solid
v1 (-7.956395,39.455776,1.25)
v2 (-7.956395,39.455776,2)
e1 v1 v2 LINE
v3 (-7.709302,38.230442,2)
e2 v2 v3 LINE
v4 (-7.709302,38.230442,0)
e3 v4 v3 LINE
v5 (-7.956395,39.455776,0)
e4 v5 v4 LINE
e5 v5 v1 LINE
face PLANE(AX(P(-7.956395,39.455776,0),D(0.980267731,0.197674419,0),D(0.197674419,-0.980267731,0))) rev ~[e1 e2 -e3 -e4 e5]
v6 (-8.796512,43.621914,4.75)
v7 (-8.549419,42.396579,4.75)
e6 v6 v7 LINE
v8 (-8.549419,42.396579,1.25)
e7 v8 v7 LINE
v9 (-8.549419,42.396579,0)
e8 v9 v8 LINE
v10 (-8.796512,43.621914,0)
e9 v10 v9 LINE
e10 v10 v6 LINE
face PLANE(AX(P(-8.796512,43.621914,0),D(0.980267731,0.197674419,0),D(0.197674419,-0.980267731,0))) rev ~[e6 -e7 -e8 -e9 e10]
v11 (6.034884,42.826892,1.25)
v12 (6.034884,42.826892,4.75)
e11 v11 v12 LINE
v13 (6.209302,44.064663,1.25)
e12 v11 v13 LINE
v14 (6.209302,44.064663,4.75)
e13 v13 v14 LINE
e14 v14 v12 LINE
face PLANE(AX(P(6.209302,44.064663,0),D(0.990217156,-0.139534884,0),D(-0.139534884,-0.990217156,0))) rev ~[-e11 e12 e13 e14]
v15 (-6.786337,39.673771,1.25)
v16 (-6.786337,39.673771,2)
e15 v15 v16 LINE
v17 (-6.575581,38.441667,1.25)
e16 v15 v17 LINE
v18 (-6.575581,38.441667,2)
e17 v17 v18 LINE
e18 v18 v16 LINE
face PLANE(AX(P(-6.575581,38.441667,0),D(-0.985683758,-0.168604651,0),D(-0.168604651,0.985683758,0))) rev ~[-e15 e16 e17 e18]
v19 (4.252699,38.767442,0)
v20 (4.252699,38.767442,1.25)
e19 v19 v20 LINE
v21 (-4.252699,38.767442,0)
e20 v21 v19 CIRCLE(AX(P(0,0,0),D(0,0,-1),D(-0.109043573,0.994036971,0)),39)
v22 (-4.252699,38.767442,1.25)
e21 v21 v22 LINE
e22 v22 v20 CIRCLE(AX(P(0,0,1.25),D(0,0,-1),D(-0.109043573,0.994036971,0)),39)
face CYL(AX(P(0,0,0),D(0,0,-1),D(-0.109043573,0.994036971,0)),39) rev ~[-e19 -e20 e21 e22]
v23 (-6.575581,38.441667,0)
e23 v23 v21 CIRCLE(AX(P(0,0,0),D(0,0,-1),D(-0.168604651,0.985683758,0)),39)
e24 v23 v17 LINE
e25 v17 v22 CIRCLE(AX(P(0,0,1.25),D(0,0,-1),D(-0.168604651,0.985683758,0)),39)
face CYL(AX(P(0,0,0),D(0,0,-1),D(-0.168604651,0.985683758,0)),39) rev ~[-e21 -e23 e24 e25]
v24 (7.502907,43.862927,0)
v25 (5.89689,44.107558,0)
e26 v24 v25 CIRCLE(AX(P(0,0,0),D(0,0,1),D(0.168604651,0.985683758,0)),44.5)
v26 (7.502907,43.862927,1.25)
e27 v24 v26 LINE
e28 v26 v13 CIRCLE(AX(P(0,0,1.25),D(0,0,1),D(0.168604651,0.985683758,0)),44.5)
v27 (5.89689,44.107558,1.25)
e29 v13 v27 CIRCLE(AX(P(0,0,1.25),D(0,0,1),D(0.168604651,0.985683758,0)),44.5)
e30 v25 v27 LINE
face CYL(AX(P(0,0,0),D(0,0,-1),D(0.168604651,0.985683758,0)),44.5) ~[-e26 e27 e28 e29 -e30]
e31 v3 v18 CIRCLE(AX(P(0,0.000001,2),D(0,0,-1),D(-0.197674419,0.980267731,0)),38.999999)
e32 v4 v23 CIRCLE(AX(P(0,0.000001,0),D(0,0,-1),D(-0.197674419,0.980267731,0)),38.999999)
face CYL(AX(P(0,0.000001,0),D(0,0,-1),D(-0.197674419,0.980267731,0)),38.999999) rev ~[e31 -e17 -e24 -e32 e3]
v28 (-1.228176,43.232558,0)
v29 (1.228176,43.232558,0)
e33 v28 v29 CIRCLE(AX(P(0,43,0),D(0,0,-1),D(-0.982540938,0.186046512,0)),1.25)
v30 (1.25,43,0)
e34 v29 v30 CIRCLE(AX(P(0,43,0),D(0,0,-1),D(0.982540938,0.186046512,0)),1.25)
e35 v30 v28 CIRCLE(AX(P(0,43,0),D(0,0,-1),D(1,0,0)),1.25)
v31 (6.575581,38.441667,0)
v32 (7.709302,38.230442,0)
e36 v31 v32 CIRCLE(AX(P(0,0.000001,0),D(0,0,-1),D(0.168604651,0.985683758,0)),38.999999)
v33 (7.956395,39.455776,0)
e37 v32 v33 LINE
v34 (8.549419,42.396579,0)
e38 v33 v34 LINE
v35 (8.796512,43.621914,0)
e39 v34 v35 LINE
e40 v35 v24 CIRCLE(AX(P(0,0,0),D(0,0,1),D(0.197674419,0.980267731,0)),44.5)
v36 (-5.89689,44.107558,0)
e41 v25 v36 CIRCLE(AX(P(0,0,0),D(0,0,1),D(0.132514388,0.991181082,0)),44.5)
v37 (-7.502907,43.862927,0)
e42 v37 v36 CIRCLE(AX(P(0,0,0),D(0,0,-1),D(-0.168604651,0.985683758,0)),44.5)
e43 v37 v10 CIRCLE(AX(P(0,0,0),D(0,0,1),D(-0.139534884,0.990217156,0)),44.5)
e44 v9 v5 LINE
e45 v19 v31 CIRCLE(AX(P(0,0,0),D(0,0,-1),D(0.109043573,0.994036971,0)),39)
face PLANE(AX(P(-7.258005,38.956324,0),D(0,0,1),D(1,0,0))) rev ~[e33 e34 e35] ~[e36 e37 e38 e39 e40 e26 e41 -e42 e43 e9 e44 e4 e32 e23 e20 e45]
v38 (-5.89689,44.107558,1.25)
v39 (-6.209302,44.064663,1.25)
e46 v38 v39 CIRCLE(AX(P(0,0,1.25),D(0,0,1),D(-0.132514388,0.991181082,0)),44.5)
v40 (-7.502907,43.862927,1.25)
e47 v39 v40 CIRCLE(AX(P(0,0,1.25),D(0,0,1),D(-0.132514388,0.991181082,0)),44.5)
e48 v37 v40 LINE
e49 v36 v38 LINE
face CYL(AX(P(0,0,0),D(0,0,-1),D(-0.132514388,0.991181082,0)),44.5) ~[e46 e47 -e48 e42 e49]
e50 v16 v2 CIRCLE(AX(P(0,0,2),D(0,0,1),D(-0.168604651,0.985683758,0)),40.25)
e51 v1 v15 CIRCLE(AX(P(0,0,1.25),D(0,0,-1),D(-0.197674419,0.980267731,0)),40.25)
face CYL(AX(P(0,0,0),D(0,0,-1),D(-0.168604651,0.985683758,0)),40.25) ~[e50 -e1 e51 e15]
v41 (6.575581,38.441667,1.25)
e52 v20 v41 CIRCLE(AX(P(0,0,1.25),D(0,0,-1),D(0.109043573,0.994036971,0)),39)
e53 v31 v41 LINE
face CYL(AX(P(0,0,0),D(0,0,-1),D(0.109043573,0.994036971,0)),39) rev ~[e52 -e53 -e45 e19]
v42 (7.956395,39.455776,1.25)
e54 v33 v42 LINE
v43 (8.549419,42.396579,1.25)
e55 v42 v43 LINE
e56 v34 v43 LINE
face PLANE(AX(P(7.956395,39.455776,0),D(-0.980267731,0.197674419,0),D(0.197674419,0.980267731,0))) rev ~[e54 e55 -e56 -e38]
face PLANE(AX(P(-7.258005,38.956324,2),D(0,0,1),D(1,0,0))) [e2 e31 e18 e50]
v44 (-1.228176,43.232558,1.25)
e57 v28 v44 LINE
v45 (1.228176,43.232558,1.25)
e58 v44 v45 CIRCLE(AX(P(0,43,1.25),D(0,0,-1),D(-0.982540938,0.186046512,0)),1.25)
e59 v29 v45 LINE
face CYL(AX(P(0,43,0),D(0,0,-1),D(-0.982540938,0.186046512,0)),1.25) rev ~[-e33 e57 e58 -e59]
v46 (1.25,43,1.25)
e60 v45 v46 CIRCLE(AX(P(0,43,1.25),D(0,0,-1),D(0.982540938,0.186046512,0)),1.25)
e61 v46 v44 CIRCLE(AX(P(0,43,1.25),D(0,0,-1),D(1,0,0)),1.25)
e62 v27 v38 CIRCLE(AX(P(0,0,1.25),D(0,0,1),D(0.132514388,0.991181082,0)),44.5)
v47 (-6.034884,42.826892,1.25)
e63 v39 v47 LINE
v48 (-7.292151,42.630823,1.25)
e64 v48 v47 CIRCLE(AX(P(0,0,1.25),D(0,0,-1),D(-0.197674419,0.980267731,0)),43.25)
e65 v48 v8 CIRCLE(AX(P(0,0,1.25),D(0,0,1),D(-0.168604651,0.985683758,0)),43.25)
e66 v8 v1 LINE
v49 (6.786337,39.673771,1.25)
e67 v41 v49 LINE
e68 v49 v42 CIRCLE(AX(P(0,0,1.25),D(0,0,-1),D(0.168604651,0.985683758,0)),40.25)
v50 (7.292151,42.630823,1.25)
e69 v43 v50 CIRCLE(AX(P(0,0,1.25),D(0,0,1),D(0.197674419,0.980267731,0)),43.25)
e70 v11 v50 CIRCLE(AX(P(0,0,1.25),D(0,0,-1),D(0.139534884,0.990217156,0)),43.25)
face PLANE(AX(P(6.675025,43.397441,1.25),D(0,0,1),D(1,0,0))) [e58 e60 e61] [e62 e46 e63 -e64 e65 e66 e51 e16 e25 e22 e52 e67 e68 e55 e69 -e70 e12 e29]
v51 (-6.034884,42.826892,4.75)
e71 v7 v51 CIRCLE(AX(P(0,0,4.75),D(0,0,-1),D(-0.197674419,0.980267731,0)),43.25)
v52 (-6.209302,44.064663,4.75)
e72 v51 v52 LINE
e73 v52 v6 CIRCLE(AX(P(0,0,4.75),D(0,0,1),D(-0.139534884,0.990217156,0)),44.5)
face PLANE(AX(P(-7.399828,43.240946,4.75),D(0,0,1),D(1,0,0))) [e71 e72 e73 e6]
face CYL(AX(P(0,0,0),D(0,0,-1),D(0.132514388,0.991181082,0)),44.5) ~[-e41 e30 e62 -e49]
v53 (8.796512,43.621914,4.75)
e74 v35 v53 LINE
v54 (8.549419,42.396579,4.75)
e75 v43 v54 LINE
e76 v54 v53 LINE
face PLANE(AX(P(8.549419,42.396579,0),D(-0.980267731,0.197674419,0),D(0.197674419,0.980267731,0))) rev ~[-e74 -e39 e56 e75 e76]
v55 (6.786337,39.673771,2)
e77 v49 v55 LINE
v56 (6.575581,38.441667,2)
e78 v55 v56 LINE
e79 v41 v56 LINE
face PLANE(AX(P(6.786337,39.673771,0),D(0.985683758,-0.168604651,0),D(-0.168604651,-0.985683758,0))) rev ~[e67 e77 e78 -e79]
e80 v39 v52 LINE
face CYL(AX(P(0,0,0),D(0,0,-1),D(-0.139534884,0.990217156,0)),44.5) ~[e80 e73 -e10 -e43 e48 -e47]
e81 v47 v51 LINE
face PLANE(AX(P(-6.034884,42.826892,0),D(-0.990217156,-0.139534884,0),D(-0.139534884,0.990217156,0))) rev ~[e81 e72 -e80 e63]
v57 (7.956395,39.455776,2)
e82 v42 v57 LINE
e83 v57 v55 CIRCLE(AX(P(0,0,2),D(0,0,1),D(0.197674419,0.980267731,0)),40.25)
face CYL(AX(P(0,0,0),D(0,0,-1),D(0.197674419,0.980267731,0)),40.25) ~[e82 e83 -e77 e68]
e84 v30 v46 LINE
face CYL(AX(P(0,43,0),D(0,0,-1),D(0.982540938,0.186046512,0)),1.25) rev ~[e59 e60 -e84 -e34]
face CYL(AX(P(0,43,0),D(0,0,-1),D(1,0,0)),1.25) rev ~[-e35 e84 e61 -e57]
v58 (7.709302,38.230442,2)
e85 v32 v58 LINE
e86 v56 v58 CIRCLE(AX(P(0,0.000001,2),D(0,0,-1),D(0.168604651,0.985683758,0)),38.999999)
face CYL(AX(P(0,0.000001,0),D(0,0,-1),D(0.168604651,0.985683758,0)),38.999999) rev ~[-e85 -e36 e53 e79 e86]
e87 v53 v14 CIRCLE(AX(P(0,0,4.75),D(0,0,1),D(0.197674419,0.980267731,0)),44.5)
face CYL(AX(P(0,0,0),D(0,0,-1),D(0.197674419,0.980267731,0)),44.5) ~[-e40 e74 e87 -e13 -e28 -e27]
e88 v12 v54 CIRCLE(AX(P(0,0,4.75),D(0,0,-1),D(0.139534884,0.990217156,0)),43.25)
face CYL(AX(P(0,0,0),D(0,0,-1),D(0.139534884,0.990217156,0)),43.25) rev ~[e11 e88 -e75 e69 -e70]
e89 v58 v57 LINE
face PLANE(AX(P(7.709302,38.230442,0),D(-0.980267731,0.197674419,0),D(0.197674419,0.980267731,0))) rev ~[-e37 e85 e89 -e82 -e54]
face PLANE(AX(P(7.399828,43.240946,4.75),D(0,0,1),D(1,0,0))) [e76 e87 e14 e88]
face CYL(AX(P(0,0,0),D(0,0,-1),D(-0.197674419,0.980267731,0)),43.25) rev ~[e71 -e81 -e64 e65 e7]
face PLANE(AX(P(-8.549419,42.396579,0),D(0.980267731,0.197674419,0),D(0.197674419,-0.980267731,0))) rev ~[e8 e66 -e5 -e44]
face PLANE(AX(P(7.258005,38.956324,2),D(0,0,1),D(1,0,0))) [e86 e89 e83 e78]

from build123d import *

# Parameters (mm, degrees)
F1_DEPTH = 1.25
F3_DEPTH = 4.75
F5_DEPTH = 2


with BuildPart() as f1:
    # F0 (on Top) → F1 (new body)
    with BuildSketch(Plane.XY):
        with BuildLine():
            ThreePointArc((5.9976509575, 42.832122093), (6.6456632834, 42.7363739632), (7.2921511628, 42.6308225515))
            Line((7.2921511628, 42.6308225515), (7.5029069767, 43.8629272495))
            ThreePointArc((7.5029069767, 43.8629272495), (6.7010150496, 43.9925720697), (5.8968902794, 44.1075581395))
            ThreePointArc((5.8968902794, 44.1075581395), (5.9741669577, 43.5561736795), (6, 43))
            ThreePointArc((6, 43), (5.9994127106, 42.9160528296), (5.9976509575, 42.832122093))
        make_face()
        with BuildLine():
            Line((-7.5029069767, 43.8629272495), (-7.2921511628, 42.6308225515))
            ThreePointArc((-7.2921511628, 42.6308225515), (-6.6456632834, 42.7363739632), (-5.9976509575, 42.832122093))
            ThreePointArc((-5.9976509575, 42.832122093), (-5.9813637313, 43.4725335051), (-5.8968902794, 44.1075581395))
            ThreePointArc((-5.8968902794, 44.1075581395), (-6.7010150496, 43.9925720697), (-7.5029069767, 43.8629272495))
        make_face()
        with BuildLine():
            ThreePointArc((1.2281761729, 43.2325581395), (3.6184570865, 43.0983673509), (5.9976509575, 42.832122093))
            ThreePointArc((5.9976509575, 42.832122093), (5.9994127106, 42.9160528296), (6, 43))
            ThreePointArc((6, 43), (5.9741669577, 43.5561736795), (5.8968902794, 44.1075581395))
            ThreePointArc((5.8968902794, 44.1075581395), (0, 44.5), (-5.8968902794, 44.1075581395))
            ThreePointArc((-5.8968902794, 44.1075581395), (-5.9813637313, 43.4725335051), (-5.9976509575, 42.832122093))
            ThreePointArc((-5.9976509575, 42.832122093), (-3.6184570865, 43.0983673509), (-1.2281761729, 43.2325581395))
            ThreePointArc((-1.2281761729, 43.2325581395), (0, 44.25), (1.2281761729, 43.2325581395))
        make_face()
        with BuildLine():
            ThreePointArc((5.1487358592, 39.9193313953), (5.9687994799, 39.804973719), (6.7863372093, 39.6737712763))
            Line((6.7863372093, 39.6737712763), (7.2921511628, 42.6308225515))
            ThreePointArc((7.2921511628, 42.6308225515), (6.6456632834, 42.7363739632), (5.9976509575, 42.832122093))
            ThreePointArc((5.9976509575, 42.832122093), (5.7603447969, 41.3211826125), (5.1487358592, 39.9193313953))
        make_face()
        with BuildLine():
            ThreePointArc((-5.1487358592, 39.9193313953), (0, 40.25), (5.1487358592, 39.9193313953))
            ThreePointArc((5.1487358592, 39.9193313953), (5.7603447969, 41.3211826125), (5.9976509575, 42.832122093))
            ThreePointArc((5.9976509575, 42.832122093), (3.6184570865, 43.0983673509), (1.2281761729, 43.2325581395))
            ThreePointArc((1.2281761729, 43.2325581395), (1.244532084, 43.1167899479), (1.25, 43))
            ThreePointArc((1.25, 43), (-0.1167899479, 41.755467916), (-1.2281761729, 43.2325581395))
            ThreePointArc((-1.2281761729, 43.2325581395), (-3.6184570865, 43.0983673509), (-5.9976509575, 42.832122093))
            ThreePointArc((-5.9976509575, 42.832122093), (-5.7603447969, 41.3211826125), (-5.1487358592, 39.9193313953))
        make_face()
        with BuildLine():
            Line((-7.2921511628, 42.6308225515), (-6.7863372093, 39.6737712763))
            ThreePointArc((-6.7863372093, 39.6737712763), (-5.9687994799, 39.804973719), (-5.1487358592, 39.9193313953))
            ThreePointArc((-5.1487358592, 39.9193313953), (-5.7603447969, 41.3211826125), (-5.9976509575, 42.832122093))
            ThreePointArc((-5.9976509575, 42.832122093), (-6.6456632834, 42.7363739632), (-7.2921511628, 42.6308225515))
        make_face()
        with BuildLine():
            Line((-6.7863372093, 39.6737712763), (-6.5755813953, 38.4416665782))
            ThreePointArc((-6.5755813953, 38.4416665782), (-5.4165900946, 38.6220215906), (-4.2526993305, 38.7674418605))
            ThreePointArc((-4.2526993305, 38.7674418605), (-4.7358693269, 39.3160426552), (-5.1487358592, 39.9193313953))
            ThreePointArc((-5.1487358592, 39.9193313953), (-5.9687994799, 39.804973719), (-6.7863372093, 39.6737712763))
        make_face()
        with BuildLine():
            ThreePointArc((-4.2526993305, 38.7674418605), (0, 39), (4.2526993305, 38.7674418605))
            ThreePointArc((4.2526993305, 38.7674418605), (4.7358693269, 39.3160426552), (5.1487358592, 39.9193313953))
            ThreePointArc((5.1487358592, 39.9193313953), (0, 40.25), (-5.1487358592, 39.9193313953))
            ThreePointArc((-5.1487358592, 39.9193313953), (-4.7358693269, 39.3160426552), (-4.2526993305, 38.7674418605))
        make_face()
        with BuildLine():
            ThreePointArc((4.2526993305, 38.7674418605), (5.4165900946, 38.6220215906), (6.5755813953, 38.4416665782))
            Line((6.5755813953, 38.4416665782), (6.7863372093, 39.6737712763))
            ThreePointArc((6.7863372093, 39.6737712763), (5.9687994799, 39.804973719), (5.1487358592, 39.9193313953))
            ThreePointArc((5.1487358592, 39.9193313953), (4.7358693269, 39.3160426552), (4.2526993305, 38.7674418605))
        make_face()
        with BuildLine():
            ThreePointArc((6.7863372093, 39.6737712763), (7.3721720875, 39.5690987857), (7.9563953488, 39.4557761684))
            Line((7.9563953488, 39.4557761684), (8.5494186047, 42.3965793611))
            ThreePointArc((8.5494186046, 42.3965793611), (7.9216507524, 42.5183483846), (7.2921511628, 42.6308225515))
            Line((7.2921511628, 42.6308225515), (6.7863372093, 39.6737712763))
        make_face()
        with BuildLine():
            Line((-8.5494186047, 42.3965793611), (-7.9563953488, 39.4557761684))
            ThreePointArc((-7.9563953488, 39.4557761684), (-7.3721720874, 39.5690987857), (-6.7863372093, 39.6737712763))
            Line((-6.7863372093, 39.6737712763), (-7.2921511628, 42.6308225515))
            ThreePointArc((-7.2921511628, 42.6308225515), (-7.9216507524, 42.5183483846), (-8.5494186046, 42.3965793611))
        make_face()
    extrude(amount=F1_DEPTH)

    # F2 (on Top) → F3 (join)
    with BuildSketch(Plane.XY):
        with BuildLine():
            ThreePointArc((6.0348837209, 42.8268920011), (7.2953245865, 42.6302796047), (8.5494186046, 42.3965793611))
            Line((8.5494186047, 42.3965793611), (8.7965116279, 43.6219140247))
            ThreePointArc((8.7965116279, 43.6219140247), (7.5061721179, 43.8623686106), (6.2093023256, 44.0646634462))
            Line((6.2093023256, 44.0646634462), (6.0348837209, 42.8268920011))
        make_face()
        with BuildLine():
            Line((-8.7965116279, 43.6219140247), (-8.5494186047, 42.3965793611))
            ThreePointArc((-8.5494186046, 42.3965793611), (-7.2953245865, 42.6302796047), (-6.0348837209, 42.8268920011))
            Line((-6.0348837209, 42.8268920011), (-6.2093023256, 44.0646634462))
            ThreePointArc((-6.2093023256, 44.0646634462), (-7.5061721179, 43.8623686106), (-8.7965116279, 43.6219140247))
        make_face()
    extrude(amount=F3_DEPTH)

    # F4 (on Top) → F5 (join)
    with BuildSketch(Plane.XY):
        with BuildLine():
            Line((-7.9563953488, 39.4557761684), (-7.7093023256, 38.2304415048))
            ThreePointArc((-7.7093023256, 38.2304415048), (-7.1432226437, 38.3402447862), (-6.5755813953, 38.4416665782))
            Line((-6.5755813953, 38.4416665782), (-6.7863372093, 39.6737712763))
            ThreePointArc((-6.7863372093, 39.6737712763), (-7.3721720874, 39.5690987857), (-7.9563953488, 39.4557761684))
        make_face()
        with BuildLine():
            ThreePointArc((6.5755813953, 38.4416665782), (7.1432226437, 38.3402447862), (7.7093023256, 38.2304415048))
            Line((7.7093023256, 38.2304415048), (7.9563953488, 39.4557761684))
            ThreePointArc((7.9563953488, 39.4557761684), (7.3721720875, 39.5690987857), (6.7863372093, 39.6737712763))
            Line((6.7863372093, 39.6737712763), (6.5755813953, 38.4416665782))
        make_face()
    extrude(amount=F5_DEPTH)


solid = f1.part
